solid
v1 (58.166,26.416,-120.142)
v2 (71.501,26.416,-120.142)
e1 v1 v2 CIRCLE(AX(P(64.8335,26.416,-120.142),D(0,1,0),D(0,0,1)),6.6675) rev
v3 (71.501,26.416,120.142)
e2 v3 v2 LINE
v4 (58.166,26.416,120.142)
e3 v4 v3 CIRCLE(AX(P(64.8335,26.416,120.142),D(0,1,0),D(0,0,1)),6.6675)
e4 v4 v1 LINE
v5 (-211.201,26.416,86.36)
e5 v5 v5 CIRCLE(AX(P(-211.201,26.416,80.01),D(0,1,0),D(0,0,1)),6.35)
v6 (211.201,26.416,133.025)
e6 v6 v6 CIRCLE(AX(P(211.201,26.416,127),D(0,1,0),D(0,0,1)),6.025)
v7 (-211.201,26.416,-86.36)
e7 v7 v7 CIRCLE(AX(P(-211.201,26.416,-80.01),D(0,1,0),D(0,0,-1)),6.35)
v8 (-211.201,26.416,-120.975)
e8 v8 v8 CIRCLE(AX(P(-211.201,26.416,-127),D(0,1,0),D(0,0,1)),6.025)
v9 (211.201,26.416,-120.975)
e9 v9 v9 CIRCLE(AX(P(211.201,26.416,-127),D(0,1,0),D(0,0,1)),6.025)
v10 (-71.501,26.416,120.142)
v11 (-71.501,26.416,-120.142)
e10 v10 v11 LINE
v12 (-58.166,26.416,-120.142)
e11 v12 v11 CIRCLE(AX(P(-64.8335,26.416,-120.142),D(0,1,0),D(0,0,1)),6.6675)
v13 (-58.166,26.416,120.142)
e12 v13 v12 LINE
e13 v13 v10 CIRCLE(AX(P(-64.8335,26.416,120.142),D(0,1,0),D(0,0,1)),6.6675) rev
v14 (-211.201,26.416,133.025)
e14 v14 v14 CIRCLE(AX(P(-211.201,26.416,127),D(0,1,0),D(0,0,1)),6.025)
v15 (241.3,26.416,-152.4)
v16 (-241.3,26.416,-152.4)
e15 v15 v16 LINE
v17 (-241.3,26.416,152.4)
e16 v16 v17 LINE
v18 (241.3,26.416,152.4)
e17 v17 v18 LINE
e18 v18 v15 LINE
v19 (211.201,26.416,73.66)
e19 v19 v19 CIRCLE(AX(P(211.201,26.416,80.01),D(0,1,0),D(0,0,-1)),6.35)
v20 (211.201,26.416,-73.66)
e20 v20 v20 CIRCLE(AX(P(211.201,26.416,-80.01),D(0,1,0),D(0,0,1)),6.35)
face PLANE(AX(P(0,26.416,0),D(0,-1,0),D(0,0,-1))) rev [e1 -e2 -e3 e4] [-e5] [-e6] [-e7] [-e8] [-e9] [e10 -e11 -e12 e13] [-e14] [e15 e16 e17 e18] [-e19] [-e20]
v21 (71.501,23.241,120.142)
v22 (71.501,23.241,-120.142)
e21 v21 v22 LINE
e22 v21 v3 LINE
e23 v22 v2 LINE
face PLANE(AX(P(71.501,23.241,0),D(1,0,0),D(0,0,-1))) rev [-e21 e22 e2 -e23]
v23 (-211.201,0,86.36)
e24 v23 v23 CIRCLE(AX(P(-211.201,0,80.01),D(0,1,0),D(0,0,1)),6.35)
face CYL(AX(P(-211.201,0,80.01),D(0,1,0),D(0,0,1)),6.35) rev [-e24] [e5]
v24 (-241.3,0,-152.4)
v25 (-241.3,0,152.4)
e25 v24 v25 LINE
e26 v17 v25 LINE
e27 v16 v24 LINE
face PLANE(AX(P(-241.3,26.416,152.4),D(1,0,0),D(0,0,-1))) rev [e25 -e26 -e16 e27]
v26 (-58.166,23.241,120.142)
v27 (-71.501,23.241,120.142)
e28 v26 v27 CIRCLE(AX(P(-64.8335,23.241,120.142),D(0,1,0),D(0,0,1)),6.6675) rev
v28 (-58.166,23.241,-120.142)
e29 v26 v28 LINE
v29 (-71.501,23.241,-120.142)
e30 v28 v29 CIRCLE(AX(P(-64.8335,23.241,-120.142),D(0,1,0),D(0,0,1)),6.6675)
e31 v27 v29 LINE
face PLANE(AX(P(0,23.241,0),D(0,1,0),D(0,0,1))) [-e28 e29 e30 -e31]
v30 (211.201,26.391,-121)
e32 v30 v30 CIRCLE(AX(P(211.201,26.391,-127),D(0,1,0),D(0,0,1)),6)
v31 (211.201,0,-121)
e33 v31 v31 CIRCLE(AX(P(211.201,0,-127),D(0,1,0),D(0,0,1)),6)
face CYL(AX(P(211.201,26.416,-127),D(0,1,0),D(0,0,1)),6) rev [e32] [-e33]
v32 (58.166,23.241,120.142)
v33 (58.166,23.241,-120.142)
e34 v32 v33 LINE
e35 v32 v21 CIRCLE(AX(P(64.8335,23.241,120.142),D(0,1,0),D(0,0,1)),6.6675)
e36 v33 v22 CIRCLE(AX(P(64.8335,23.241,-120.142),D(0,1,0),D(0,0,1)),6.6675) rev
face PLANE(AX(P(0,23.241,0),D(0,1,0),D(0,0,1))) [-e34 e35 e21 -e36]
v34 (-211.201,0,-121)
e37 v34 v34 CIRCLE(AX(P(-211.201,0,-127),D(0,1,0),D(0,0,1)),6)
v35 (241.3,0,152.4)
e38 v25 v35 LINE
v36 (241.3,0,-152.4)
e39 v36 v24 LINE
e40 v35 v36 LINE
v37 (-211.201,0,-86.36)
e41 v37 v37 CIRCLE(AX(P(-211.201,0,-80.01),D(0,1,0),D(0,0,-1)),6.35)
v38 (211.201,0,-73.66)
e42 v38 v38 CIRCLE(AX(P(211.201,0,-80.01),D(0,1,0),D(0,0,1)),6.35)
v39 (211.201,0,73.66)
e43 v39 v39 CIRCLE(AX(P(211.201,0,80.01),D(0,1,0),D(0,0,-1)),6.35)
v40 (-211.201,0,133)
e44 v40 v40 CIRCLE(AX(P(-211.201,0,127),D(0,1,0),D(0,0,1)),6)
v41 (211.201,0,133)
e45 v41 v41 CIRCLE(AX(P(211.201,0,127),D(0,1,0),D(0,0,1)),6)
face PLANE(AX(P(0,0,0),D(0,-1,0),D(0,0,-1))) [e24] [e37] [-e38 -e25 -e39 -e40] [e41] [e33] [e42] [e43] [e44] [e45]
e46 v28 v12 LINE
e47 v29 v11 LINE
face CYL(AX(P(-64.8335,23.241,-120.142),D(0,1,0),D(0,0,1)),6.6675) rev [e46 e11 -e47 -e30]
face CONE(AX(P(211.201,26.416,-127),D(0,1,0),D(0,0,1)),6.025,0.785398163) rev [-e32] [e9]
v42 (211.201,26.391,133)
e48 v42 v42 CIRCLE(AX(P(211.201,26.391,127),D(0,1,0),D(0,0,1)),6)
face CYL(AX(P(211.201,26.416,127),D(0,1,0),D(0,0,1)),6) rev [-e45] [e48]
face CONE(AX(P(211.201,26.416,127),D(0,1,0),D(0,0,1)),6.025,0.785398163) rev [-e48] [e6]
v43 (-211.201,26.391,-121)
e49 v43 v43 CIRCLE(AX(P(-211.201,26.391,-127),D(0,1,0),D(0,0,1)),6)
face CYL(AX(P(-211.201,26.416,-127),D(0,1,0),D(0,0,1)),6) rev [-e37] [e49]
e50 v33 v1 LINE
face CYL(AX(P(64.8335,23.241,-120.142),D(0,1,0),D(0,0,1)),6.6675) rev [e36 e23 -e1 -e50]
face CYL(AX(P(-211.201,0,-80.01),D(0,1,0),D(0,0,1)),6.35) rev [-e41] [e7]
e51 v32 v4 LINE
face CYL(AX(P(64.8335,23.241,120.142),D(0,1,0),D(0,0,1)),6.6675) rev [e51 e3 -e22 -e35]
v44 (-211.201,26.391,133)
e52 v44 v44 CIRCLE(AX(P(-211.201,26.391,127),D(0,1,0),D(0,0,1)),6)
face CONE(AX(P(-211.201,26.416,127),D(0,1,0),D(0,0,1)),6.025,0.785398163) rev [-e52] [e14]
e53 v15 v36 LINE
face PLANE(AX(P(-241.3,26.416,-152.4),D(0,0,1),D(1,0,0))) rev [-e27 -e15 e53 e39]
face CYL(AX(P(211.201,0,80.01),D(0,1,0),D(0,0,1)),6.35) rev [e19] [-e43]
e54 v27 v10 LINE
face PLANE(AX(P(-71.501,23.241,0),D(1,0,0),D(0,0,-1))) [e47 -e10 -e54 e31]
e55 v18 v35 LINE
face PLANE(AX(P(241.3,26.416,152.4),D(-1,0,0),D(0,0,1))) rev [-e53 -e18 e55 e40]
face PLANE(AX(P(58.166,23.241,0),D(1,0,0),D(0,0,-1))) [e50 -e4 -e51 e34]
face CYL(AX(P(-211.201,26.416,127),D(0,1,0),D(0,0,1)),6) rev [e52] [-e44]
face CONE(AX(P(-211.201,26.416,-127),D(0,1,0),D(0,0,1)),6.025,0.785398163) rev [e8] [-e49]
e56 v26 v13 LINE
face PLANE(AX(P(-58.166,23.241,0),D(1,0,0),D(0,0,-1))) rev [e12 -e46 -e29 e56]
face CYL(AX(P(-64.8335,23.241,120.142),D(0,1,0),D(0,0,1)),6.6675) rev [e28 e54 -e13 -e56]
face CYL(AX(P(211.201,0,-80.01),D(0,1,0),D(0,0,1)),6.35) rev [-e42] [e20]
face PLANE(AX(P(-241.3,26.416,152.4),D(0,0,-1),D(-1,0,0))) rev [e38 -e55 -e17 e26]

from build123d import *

# Parameters (mm, degrees)
SKETCH1_W                       = 482.6
SKETCH1_H                       = 304.8
BOSS_EXTRUDE1_DEPTH             = 26.416
CUT_EXTRUDE3_DEPTH              = 3.175
SKETCH3_R                       = 6.35
SKETCH3_R_2                     = 2.54
CUT_EXTRUDE2_DEPTH              = 27.416
M10_CLEARANCE_HOLE2_D           = 12
M10_CLEARANCE_HOLE2_CSINK_D     = 12.05
M10_CLEARANCE_HOLE2_CSINK_ANGLE = 90
M10_CLEARANCE_HOLE3_D           = 12
M10_CLEARANCE_HOLE3_CSINK_D     = 12.05
M10_CLEARANCE_HOLE3_CSINK_ANGLE = 90


with BuildPart() as part:
    # Sketch1 → Boss-Extrude1 (new body)
    with BuildSketch(Plane(origin=(0, 0, 0), x_dir=(1, 0, 0), z_dir=(0, 1, 0))):
        Rectangle(SKETCH1_W, SKETCH1_H)
    extrude(amount=BOSS_EXTRUDE1_DEPTH)

    # Sketch2 → Cut-Extrude3 (cut)
    with BuildSketch(Plane(origin=(0, 26.416, 0), x_dir=(1, 0, 0), z_dir=(0, 1, 0))):
        with BuildLine():
            Line((-71.501, 120.142), (-71.501, -120.142))
            ThreePointArc((-71.501, -120.142), (-64.8335, -113.4745), (-58.166, -120.142))
            Line((-58.166, -120.142), (-58.166, 120.142))
            ThreePointArc((-58.166, 120.142), (-64.8335, 113.4745), (-71.501, 120.142))
        make_face()
        with BuildLine():
            ThreePointArc((-58.166, 120.142), (-64.8335, 126.8095), (-71.501, 120.142))
            Line((-71.501, 120.142), (-58.166, 120.142))
        make_face()
        with BuildLine():
            Line((-58.166, 120.142), (-71.501, 120.142))
            ThreePointArc((-71.501, 120.142), (-64.8335, 113.4745), (-58.166, 120.142))
        make_face()
        with BuildLine():
            ThreePointArc((-58.166, -120.142), (-64.8335, -113.4745), (-71.501, -120.142))
            Line((-71.501, -120.142), (-58.166, -120.142))
        make_face()
        with BuildLine():
            Line((-58.166, -120.142), (-71.501, -120.142))
            ThreePointArc((-71.501, -120.142), (-64.8335, -126.8095), (-58.166, -120.142))
        make_face()
        with BuildLine():
            ThreePointArc((58.166, 120.142), (64.8335, 113.4745), (71.501, 120.142))
            Line((71.501, 120.142), (58.166, 120.142))
        make_face()
        with BuildLine():
            Line((58.166, 120.142), (71.501, 120.142))
            ThreePointArc((71.501, 120.142), (64.8335, 126.8095), (58.166, 120.142))
        make_face()
        with BuildLine():
            Line((71.501, -120.142), (71.501, 120.142))
            ThreePointArc((71.501, 120.142), (64.8335, 113.4745), (58.166, 120.142))
            Line((58.166, 120.142), (58.166, -120.142))
            ThreePointArc((58.166, -120.142), (64.8335, -113.4745), (71.501, -120.142))
        make_face()
        with BuildLine():
            ThreePointArc((58.166, -120.142), (64.8335, -126.8095), (71.501, -120.142))
            Line((71.501, -120.142), (58.166, -120.142))
        make_face()
        with BuildLine():
            Line((58.166, -120.142), (71.501, -120.142))
            ThreePointArc((71.501, -120.142), (64.8335, -113.4745), (58.166, -120.142))
        make_face()
    extrude(amount=-CUT_EXTRUDE3_DEPTH, mode=Mode.SUBTRACT)

    # Sketch3 → Cut-Extrude2 (cut, through all)
    with BuildSketch(Plane(origin=(0, 26.416, 0), x_dir=(1, 0, 0), z_dir=(0, 1, 0))):
        with Locations((-211.201, -80.01)):
            Circle(SKETCH3_R)
        with Locations((-211.201, 80.01)):
            Circle(SKETCH3_R)
        with Locations((211.201, -80.01)):
            Circle(SKETCH3_R)
        with Locations((211.201, 80.01)):
            Circle(SKETCH3_R)
        with Locations((-211.201, -127)):
            Circle(SKETCH3_R_2)
        with Locations((-211.201, 127)):
            Circle(SKETCH3_R_2)
        with Locations((211.201, -127)):
            Circle(SKETCH3_R_2)
        with Locations((211.201, 127)):
            Circle(SKETCH3_R_2)
    extrude(amount=-CUT_EXTRUDE2_DEPTH, mode=Mode.SUBTRACT)

    # M10 Clearance Hole2 (through all)
    with Locations(Plane(origin=(0, 26.416, 0), x_dir=(1, 0, 0), z_dir=(0, 1, 0))):
        with Locations((-211.201, -127)):
            CounterSinkHole(M10_CLEARANCE_HOLE2_D / 2, M10_CLEARANCE_HOLE2_CSINK_D / 2, counter_sink_angle=M10_CLEARANCE_HOLE2_CSINK_ANGLE)

    # M10 Clearance Hole3 (through all)
    with Locations(Plane(origin=(0, 26.416, 0), x_dir=(1, 0, 0), z_dir=(0, 1, 0))):
        with Locations((-211.201, 127), (211.201, 127), (211.201, -127)):
            CounterSinkHole(M10_CLEARANCE_HOLE3_D / 2, M10_CLEARANCE_HOLE3_CSINK_D / 2, counter_sink_angle=M10_CLEARANCE_HOLE3_CSINK_ANGLE)


solid = part.part
